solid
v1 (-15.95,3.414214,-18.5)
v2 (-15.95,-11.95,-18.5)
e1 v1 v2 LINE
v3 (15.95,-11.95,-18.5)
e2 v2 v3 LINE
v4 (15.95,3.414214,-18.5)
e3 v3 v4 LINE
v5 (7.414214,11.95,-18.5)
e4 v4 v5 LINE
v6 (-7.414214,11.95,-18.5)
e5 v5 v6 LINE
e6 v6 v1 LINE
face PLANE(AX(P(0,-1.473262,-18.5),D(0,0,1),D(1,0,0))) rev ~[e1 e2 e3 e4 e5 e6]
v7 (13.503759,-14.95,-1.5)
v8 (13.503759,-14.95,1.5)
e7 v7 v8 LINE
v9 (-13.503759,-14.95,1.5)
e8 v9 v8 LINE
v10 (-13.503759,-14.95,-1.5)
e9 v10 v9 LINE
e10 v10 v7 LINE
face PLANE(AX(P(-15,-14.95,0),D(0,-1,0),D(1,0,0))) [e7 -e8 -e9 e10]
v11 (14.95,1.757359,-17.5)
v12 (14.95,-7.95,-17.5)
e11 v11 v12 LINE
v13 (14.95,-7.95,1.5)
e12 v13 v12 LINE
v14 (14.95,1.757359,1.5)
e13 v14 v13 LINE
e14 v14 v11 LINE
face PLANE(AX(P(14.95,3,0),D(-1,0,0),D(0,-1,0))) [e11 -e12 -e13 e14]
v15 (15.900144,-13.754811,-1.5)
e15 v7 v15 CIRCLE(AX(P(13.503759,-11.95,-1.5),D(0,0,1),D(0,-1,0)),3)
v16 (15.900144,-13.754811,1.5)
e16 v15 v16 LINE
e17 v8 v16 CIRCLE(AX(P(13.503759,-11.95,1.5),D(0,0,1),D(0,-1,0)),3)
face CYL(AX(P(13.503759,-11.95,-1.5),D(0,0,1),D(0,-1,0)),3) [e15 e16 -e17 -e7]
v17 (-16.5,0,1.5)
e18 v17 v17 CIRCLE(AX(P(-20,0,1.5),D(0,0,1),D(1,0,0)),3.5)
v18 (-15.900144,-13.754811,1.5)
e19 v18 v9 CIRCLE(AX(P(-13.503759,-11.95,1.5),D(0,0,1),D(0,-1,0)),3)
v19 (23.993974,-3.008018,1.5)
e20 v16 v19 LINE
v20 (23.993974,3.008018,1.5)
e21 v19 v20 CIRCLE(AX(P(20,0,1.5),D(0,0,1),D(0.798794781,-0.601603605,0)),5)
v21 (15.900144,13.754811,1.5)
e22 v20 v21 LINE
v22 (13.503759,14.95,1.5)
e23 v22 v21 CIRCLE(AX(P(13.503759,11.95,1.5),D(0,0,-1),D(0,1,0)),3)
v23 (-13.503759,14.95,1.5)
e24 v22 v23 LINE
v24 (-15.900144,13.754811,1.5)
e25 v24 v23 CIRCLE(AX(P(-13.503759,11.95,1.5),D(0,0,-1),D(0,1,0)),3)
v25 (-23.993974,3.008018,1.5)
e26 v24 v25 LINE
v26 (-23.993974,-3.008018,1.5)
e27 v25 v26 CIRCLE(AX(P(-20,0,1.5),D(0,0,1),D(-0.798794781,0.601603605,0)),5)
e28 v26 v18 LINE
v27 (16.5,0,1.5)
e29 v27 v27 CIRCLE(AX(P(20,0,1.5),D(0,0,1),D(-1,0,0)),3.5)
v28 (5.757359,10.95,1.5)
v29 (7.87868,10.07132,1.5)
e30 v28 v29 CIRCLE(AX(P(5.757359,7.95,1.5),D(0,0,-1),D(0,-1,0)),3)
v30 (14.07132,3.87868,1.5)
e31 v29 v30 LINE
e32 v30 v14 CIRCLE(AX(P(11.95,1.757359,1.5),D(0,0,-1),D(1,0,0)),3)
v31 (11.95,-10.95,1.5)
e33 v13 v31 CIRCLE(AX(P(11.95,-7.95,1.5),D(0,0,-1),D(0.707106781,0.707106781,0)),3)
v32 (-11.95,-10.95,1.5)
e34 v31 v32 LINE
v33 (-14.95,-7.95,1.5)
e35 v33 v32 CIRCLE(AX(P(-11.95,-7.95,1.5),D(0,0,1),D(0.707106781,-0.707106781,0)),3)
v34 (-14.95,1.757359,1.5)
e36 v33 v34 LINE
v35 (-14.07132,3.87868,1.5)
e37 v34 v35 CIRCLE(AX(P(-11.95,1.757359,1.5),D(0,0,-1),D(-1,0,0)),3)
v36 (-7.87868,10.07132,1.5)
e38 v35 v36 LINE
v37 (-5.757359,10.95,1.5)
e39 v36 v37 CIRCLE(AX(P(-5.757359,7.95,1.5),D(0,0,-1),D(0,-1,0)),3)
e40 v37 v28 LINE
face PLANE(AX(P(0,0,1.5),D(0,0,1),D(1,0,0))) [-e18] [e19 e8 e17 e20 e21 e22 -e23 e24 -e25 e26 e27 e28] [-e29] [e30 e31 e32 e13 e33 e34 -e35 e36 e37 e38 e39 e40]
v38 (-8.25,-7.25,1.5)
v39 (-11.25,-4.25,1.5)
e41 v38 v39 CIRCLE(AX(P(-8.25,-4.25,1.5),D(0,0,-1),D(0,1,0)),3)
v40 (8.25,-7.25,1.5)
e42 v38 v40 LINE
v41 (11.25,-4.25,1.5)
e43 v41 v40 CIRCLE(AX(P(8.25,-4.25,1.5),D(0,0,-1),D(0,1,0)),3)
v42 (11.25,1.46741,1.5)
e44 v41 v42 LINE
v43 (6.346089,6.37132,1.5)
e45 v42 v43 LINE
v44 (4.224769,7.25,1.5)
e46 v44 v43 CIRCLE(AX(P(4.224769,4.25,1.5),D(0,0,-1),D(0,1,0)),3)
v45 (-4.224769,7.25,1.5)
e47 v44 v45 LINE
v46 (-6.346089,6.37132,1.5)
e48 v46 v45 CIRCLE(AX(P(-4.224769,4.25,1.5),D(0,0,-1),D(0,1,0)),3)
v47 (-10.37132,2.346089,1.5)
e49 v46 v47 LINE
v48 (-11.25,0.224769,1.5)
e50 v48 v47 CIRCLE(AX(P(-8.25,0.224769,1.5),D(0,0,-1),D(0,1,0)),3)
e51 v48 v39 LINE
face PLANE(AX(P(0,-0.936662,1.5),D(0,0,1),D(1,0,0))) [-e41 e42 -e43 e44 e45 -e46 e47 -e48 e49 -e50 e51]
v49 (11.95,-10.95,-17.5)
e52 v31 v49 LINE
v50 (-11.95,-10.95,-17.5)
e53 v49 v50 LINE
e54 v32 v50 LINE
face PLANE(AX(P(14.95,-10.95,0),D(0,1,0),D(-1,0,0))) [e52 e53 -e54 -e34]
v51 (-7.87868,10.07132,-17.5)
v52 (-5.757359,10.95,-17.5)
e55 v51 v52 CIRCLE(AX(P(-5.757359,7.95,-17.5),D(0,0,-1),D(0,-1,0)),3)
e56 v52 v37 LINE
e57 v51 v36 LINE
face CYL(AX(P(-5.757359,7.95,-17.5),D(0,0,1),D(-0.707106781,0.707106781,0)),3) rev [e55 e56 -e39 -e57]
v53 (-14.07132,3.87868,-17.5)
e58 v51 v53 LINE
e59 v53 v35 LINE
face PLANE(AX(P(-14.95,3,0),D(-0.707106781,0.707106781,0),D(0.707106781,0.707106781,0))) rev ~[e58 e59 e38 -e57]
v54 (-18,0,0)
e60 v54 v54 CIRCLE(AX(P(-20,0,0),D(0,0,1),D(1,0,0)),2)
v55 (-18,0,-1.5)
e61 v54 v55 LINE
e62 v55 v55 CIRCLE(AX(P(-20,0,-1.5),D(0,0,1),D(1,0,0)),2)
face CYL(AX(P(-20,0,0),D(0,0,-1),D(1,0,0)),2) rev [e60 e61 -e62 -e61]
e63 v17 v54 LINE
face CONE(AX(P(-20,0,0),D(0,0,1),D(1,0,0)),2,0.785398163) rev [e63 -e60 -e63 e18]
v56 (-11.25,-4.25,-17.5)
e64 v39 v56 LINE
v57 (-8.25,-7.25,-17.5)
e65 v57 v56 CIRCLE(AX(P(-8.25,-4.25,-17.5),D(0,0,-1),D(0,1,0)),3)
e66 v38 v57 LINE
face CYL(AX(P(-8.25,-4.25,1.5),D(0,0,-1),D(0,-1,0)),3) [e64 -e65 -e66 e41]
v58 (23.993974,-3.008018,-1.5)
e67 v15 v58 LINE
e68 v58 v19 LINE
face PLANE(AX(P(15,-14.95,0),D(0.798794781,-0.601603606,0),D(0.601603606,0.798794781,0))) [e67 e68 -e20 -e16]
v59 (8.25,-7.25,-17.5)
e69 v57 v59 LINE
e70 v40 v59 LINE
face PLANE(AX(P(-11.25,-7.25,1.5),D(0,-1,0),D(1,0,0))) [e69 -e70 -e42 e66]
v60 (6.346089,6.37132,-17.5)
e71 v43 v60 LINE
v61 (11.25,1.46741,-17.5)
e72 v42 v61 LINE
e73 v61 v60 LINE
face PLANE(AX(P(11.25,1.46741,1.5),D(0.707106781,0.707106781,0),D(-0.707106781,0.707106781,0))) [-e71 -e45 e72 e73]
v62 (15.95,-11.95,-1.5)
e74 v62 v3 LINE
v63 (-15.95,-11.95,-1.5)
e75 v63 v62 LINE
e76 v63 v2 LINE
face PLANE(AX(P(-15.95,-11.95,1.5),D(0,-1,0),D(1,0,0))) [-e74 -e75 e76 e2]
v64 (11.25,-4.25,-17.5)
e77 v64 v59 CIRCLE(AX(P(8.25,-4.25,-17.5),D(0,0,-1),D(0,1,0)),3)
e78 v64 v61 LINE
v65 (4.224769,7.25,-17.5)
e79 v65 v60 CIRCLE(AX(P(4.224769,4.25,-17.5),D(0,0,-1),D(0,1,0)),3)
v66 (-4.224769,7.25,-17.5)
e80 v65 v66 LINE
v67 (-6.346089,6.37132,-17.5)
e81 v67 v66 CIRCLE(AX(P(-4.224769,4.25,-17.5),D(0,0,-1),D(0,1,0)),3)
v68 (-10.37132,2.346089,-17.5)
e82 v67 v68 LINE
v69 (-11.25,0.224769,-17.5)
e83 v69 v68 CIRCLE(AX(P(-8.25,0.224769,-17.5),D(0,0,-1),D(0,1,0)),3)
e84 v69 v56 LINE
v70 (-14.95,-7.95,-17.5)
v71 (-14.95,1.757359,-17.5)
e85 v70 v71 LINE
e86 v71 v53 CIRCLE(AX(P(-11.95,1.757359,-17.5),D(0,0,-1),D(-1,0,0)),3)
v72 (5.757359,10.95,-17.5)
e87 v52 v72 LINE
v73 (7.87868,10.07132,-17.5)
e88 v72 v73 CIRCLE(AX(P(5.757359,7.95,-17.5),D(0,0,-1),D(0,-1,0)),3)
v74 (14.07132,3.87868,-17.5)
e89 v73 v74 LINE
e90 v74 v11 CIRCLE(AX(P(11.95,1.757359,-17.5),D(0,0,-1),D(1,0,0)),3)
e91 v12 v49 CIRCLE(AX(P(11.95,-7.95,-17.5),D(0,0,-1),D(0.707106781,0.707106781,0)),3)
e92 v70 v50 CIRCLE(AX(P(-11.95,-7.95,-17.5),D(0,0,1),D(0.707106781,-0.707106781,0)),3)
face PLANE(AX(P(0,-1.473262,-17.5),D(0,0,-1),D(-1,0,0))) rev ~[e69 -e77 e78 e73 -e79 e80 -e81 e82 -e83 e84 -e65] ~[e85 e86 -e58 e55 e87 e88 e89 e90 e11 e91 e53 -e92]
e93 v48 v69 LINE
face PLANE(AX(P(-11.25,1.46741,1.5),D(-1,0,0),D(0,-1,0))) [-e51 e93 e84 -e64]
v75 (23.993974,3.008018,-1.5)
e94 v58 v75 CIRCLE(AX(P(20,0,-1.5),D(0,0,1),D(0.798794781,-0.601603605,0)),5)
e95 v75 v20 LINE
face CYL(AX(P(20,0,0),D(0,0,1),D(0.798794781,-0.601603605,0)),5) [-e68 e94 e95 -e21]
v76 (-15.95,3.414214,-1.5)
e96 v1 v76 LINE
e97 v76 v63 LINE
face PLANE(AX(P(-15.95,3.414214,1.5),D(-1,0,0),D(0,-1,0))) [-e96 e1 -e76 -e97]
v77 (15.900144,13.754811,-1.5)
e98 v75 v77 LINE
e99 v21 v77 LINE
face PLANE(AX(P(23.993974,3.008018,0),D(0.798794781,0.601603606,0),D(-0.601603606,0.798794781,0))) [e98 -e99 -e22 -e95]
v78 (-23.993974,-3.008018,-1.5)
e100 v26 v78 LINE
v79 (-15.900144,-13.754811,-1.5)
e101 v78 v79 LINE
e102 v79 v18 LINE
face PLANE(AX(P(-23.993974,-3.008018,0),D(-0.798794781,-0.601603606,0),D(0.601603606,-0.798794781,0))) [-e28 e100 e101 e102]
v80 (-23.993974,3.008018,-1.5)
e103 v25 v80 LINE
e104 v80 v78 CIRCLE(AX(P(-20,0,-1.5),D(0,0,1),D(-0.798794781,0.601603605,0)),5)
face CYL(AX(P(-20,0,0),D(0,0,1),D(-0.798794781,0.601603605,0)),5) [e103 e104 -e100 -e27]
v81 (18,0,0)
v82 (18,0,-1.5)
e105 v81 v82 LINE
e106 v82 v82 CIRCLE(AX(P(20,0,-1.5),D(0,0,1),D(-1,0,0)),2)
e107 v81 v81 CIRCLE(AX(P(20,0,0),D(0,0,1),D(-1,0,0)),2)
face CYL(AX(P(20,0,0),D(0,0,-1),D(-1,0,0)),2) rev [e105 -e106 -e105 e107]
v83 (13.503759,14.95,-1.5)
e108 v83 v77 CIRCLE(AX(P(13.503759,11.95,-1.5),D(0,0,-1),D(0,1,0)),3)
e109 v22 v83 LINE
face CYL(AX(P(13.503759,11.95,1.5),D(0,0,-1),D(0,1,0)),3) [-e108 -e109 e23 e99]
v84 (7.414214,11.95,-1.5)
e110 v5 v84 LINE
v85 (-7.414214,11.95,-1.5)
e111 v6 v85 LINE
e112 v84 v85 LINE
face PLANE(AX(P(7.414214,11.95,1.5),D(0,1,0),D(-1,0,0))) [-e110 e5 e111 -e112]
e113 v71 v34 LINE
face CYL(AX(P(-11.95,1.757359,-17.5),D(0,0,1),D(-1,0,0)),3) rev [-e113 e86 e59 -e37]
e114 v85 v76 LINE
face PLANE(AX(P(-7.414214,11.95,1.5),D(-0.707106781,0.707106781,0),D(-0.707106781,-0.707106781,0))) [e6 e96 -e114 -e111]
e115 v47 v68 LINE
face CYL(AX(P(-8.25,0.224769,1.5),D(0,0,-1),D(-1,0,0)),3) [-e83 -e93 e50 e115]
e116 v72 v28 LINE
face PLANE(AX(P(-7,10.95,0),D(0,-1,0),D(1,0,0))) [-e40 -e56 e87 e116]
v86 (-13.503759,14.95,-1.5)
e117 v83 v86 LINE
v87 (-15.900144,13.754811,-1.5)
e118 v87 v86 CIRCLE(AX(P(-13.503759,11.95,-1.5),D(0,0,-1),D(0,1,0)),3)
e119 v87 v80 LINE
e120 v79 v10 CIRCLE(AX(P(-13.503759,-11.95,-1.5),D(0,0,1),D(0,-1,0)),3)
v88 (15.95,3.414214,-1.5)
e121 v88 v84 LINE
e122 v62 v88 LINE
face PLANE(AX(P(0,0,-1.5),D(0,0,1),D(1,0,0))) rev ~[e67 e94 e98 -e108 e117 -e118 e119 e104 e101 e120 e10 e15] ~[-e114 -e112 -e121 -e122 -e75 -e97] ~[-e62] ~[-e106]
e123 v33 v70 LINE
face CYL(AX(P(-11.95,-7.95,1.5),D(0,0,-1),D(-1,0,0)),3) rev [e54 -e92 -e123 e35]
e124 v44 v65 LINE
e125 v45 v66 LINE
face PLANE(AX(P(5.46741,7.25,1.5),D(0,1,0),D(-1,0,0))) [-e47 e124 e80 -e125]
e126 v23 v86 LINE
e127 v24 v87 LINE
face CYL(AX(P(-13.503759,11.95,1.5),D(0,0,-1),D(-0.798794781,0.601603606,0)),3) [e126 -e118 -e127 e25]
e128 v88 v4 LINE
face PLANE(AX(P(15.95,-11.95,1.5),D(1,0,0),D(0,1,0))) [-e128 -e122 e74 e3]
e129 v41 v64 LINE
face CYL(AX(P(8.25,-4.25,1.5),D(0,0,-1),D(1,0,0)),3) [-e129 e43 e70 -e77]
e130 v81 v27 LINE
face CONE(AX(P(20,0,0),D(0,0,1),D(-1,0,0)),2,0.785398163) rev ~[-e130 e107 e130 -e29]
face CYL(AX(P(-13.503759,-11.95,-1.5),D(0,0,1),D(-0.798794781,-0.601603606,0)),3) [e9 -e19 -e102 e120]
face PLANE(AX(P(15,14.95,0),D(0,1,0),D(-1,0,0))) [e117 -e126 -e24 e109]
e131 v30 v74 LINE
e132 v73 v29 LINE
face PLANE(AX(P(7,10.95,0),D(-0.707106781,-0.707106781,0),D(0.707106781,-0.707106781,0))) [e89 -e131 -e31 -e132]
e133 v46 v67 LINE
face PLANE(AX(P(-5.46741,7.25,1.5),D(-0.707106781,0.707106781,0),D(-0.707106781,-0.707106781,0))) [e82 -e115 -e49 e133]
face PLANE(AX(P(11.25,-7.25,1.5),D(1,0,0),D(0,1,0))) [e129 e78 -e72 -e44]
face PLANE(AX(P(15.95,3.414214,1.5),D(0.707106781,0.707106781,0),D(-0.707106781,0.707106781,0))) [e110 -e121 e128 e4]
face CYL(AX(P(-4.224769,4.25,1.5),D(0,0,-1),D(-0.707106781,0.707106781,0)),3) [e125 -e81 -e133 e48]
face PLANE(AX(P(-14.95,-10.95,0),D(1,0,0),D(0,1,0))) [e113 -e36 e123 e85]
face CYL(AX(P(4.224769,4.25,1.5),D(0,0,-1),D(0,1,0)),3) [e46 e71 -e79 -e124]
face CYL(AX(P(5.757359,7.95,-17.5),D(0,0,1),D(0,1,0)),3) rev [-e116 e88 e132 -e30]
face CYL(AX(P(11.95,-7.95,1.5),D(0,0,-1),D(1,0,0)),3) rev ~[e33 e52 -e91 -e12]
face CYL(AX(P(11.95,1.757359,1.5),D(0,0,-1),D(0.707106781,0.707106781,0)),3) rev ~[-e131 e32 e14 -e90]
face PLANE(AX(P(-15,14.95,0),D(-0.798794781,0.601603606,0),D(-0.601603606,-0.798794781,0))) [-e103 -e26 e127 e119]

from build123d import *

# Parameters (mm, degrees)
SKETCH1_R           = 2
BOSS_EXTRUDE1_DEPTH = 1.5
BOSS_EXTRUDE2_START = -3
BOSS_EXTRUDE2_DEPTH = 20
BOSS_EXTRUDE3_DEPTH = 1
CHAMFER1_SIZE       = 1.5
FILLET1_R           = 3


with BuildPart() as part:
    # Sketch1 → Boss-Extrude1 (new, symmetric)
    with BuildSketch(Plane.XY):
        with BuildLine():
            Line((-23.993973904, -3.008018028), (-15, -14.95))
            Line((-15, -14.95), (15, -14.95))
            Line((15, -14.95), (23.993973904, -3.008018028))
            ThreePointArc((23.993973904, -3.008018028), (25, 0), (23.993973904, 3.008018028))
            Line((23.993973904, 3.008018028), (15, 14.95))
            Line((15, 14.95), (-15, 14.95))
            Line((-15, 14.95), (-23.993973904, 3.008018028))
            ThreePointArc((-23.993973904, 3.008018028), (-25, 0), (-23.993973904, -3.008018028))
        make_face()
        with Locations((-20, 0)):
            Circle(SKETCH1_R, mode=Mode.SUBTRACT)
        with Locations(Location((20, 0, 0), (0, 0, 180))):
            Circle(SKETCH1_R, mode=Mode.SUBTRACT)
        Polygon((-14.95, 3), (-7, 10.95), (7, 10.95), (14.95, 3), (14.95, -10.95), (-14.95, -10.95), align=None, mode=Mode.SUBTRACT)
    extrude(amount=BOSS_EXTRUDE1_DEPTH, both=True)

    # Sketch2 → Boss-Extrude2 (add)
    # profile 1 of 2: a face of its own
    with BuildSketch(Plane(origin=(0, 0, -1.5), x_dir=(-1, 0, 0), z_dir=(0, 0, -1)).offset(BOSS_EXTRUDE2_START)):
        Polygon((-15.95, 3.414213562), (-7.414213562, 11.95), (7.414213562, 11.95), (15.95, 3.414213562), (15.95, -11.95), (-15.95, -11.95), align=None)
        Polygon((14.95, -10.95), (-14.95, -10.95), (-14.95, 3), (-7, 10.95), (7, 10.95), (14.95, 3), align=None, mode=Mode.SUBTRACT)
    # profile 2 of 2: a face of its own
    with BuildSketch(Plane(origin=(0, 0, -1.5), x_dir=(-1, 0, 0), z_dir=(0, 0, -1)).offset(BOSS_EXTRUDE2_START)):
        Polygon((-11.25, 1.467409819), (-5.467409819, 7.25), (5.467409819, 7.25), (11.25, 1.467409819), (11.25, -7.25), (-11.25, -7.25), align=None)
    extrude(amount=BOSS_EXTRUDE2_DEPTH)


with BuildPart() as boss_extrude2_piece_1:
    # of the separate pieces the step leaves, piece 1, a body of its own (boss_extrude2_pieces)
    add(part.part.solids().sort_by_distance((11.25, 1.467409819, 1.5))[0])



with BuildPart() as boss_extrude2_piece_2:
    # of the separate pieces the step leaves, piece 2, a body of its own (boss_extrude2_pieces)
    add(part.part.solids().sort_by_distance((-23.993973904, 3.008018028, -1.5))[0])


with BuildPart() as boss_extrude2_piece_1_1:
    add(boss_extrude2_piece_1.part)

    add(boss_extrude2_piece_2.part)  # Boss-Extrude3 merges Boss-Extrude2 piece 2
    # Sketch3 → Boss-Extrude3 (add)
    with BuildSketch(Plane(origin=(0, 0, -18.5), x_dir=(-1, 0, 0), z_dir=(0, 0, -1))):
        Polygon((15.95, -11.95), (15.95, 3.414213562), (7.414213562, 11.95), (-7.414213562, 11.95), (-15.95, 3.414213562), (-15.95, -11.95), align=None)
    extrude(amount=-BOSS_EXTRUDE3_DEPTH)

    # Chamfer1
    chamfer1_edges = [boss_extrude2_piece_1_1.edges().sort_by_distance(p)[0] for p in [
        (-22, 0, 1.5),
        (22, 0, 1.5),
    ]]
    chamfer(chamfer1_edges, length=CHAMFER1_SIZE)

    # Fillet1
    fillet1_edges = [boss_extrude2_piece_1_1.edges().sort_by_distance(p)[0] for p in [
        (-5.467409819, 7.25, -8),
        (5.467409819, 7.25, -8),
        (11.25, -7.25, -8),
        (-11.25, -7.25, -8),
        (-11.25, 1.467409819, -8),
        (-15, 14.95, 0),
        (15, 14.95, 0),
        (15, -14.95, 0),
        (-15, -14.95, 0),
        (14.95, -10.95, -8),
        (14.95, 3, -8),
        (7, 10.95, -8),
        (-7, 10.95, -8),
        (-14.95, 3, -8),
        (-14.95, -10.95, -8),
    ]]
    fillet(fillet1_edges, radius=FILLET1_R)


solid = boss_extrude2_piece_1_1.part
